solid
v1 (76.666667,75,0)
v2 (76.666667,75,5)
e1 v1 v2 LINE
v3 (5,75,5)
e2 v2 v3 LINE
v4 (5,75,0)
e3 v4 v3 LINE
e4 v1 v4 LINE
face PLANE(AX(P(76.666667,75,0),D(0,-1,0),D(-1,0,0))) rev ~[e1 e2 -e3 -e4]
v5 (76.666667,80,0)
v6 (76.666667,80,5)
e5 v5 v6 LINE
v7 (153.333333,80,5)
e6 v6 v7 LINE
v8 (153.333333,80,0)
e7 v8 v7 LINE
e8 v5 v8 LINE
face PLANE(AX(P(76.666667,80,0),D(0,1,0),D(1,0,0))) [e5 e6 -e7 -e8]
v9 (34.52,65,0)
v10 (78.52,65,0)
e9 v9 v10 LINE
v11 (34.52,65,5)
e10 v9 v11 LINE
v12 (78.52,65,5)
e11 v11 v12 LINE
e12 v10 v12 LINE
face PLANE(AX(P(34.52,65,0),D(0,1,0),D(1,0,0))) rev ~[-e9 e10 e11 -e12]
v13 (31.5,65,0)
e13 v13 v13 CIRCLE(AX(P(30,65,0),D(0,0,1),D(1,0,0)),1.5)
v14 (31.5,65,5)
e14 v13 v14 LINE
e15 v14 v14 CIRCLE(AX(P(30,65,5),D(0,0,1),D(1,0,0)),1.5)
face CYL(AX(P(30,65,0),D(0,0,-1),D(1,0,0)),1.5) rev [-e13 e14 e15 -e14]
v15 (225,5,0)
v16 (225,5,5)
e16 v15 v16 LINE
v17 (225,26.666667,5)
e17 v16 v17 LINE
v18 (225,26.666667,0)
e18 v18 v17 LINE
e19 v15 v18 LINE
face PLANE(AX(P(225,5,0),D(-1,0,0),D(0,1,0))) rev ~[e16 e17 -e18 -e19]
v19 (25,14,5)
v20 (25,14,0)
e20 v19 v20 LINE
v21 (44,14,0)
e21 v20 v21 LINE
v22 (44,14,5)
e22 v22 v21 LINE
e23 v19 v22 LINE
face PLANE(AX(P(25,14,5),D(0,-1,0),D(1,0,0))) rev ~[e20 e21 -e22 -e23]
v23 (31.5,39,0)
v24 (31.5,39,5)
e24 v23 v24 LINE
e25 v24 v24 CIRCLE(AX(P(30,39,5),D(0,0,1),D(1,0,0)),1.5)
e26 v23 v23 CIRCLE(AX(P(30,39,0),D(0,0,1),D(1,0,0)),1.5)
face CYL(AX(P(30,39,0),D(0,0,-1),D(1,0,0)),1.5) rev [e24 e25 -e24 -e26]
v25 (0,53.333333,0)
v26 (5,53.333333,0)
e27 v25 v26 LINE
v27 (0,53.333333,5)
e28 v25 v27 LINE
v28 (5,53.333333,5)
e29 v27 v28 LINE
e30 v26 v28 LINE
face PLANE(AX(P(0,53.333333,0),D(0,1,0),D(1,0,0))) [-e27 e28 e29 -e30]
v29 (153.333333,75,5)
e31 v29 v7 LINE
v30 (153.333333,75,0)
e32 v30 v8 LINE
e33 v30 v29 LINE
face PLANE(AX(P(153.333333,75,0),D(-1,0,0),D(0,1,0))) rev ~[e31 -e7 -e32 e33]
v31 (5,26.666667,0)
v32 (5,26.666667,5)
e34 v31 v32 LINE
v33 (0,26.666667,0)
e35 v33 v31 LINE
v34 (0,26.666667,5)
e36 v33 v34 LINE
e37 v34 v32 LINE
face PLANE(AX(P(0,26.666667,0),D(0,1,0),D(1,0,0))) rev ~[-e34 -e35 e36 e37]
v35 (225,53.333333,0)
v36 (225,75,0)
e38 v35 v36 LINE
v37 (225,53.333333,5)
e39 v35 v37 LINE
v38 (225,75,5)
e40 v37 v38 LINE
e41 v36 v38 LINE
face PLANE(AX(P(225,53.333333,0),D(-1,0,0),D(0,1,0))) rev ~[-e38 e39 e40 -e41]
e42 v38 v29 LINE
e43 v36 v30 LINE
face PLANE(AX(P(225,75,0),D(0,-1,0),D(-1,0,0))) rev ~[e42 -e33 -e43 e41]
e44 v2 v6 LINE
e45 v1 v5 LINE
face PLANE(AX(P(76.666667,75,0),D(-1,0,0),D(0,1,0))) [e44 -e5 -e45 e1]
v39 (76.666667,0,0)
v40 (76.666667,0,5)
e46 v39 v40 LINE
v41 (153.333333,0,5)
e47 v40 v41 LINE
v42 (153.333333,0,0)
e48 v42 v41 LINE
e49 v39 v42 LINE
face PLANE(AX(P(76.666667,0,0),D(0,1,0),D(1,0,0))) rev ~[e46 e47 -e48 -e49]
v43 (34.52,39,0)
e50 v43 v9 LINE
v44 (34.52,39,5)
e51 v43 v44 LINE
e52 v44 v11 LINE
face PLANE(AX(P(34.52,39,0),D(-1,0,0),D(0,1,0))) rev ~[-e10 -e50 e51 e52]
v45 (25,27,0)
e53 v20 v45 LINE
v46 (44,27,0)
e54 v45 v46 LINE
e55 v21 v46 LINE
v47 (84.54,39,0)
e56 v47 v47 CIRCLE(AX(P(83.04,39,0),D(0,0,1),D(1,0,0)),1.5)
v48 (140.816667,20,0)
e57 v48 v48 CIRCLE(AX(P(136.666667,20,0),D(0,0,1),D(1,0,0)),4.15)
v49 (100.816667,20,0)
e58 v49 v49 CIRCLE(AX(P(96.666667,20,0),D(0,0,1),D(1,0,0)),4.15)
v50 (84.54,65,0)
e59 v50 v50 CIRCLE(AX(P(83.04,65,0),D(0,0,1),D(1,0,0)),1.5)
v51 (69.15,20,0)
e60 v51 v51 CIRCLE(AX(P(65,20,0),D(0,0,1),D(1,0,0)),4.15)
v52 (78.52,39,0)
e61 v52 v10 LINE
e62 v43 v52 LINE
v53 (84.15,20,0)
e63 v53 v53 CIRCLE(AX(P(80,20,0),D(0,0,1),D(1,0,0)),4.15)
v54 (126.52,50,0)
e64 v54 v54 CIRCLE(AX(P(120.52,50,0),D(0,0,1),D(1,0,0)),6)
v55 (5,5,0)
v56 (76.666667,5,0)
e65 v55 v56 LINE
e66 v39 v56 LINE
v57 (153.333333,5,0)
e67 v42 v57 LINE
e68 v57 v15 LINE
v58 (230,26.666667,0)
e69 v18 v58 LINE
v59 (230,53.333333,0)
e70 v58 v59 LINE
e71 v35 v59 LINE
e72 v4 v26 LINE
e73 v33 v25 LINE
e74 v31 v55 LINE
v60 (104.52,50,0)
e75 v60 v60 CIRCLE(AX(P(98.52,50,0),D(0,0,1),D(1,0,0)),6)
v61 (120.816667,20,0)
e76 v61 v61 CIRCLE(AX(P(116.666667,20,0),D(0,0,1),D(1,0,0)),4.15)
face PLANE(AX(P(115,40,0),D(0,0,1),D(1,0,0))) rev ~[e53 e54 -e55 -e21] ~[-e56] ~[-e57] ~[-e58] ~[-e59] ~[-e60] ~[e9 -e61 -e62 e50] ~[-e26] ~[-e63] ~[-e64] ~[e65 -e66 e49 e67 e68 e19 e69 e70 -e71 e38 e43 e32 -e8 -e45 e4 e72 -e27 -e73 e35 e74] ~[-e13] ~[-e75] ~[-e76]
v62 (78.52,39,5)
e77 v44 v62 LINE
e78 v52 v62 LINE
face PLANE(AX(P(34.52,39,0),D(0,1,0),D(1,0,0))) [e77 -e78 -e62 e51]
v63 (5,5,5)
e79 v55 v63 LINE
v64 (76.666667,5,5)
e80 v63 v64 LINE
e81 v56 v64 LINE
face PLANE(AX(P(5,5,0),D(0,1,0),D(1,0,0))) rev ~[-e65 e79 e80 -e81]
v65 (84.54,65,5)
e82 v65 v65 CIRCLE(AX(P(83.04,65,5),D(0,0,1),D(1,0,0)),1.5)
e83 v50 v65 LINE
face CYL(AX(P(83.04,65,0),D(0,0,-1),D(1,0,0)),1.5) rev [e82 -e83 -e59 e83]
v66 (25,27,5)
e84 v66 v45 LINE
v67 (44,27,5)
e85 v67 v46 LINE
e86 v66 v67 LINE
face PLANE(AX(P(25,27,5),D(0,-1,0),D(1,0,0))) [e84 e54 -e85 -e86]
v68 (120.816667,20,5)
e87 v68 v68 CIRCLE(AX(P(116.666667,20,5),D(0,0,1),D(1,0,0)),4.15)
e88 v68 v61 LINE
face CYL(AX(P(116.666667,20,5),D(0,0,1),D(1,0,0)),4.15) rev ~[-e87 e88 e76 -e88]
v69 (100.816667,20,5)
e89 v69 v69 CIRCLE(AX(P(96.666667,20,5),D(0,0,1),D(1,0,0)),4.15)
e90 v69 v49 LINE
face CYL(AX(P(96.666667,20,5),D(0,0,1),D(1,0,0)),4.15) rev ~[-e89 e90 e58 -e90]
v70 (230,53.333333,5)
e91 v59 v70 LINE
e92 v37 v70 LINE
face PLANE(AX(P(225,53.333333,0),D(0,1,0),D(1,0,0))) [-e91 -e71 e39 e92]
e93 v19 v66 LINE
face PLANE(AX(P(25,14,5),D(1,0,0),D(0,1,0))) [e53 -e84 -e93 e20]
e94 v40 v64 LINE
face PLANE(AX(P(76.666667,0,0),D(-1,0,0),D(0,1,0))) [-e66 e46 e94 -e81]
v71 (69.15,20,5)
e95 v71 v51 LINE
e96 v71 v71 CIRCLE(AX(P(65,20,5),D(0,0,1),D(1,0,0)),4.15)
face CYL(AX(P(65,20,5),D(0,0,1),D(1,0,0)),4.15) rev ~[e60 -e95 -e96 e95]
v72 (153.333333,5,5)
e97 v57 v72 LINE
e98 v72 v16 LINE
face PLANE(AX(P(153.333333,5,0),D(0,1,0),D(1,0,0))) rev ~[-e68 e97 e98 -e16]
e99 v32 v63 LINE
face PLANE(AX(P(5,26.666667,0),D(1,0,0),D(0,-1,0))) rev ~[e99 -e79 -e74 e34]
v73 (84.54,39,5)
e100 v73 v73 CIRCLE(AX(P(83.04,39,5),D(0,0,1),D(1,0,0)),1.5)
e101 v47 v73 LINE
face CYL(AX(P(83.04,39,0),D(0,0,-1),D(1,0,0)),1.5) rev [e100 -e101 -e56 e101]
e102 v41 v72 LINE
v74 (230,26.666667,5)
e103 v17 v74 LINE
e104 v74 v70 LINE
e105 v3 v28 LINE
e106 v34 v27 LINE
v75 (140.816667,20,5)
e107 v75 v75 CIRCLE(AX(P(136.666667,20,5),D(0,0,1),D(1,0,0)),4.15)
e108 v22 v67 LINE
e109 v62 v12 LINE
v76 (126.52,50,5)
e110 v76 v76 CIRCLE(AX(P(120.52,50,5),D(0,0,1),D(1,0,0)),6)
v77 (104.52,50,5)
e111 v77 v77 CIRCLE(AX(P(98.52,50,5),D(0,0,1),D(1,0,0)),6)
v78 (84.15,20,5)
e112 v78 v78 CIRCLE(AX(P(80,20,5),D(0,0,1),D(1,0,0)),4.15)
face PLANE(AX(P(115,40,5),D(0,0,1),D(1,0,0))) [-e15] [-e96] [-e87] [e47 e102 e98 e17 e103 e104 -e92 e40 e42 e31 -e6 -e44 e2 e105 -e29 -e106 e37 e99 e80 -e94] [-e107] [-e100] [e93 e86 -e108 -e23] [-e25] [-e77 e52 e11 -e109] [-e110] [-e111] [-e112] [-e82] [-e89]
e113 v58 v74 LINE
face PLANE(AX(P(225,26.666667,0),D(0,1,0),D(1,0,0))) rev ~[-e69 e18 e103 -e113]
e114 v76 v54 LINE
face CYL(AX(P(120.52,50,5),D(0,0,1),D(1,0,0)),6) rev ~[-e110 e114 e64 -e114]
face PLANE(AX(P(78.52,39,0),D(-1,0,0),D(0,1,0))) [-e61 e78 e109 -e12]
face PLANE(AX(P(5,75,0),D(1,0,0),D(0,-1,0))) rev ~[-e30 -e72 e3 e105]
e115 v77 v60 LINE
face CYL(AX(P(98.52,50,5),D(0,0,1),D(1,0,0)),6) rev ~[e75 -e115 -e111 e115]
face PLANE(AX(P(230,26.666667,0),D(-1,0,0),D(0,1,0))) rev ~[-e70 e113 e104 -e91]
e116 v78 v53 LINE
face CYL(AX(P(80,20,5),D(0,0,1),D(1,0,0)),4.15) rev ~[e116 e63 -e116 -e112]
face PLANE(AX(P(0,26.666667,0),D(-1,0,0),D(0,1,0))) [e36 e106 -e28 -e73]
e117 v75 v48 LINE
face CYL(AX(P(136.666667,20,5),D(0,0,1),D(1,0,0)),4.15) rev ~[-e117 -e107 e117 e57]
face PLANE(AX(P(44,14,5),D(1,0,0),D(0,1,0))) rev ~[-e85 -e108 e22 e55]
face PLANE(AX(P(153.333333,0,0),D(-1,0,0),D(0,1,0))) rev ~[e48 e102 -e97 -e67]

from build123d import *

# Parameters (mm, degrees)
CROQUIS1_R              = 1.5
CROQUIS1_W              = 44
CROQUIS1_H              = 26
CROQUIS1_W_2            = 5
CROQUIS1_H_2            = 26.666666666
CROQUIS1_W_3            = 76.666666666
CROQUIS1_H_3            = 5
SALIENTE_EXTRUIR1_DEPTH = 5
CROQUIS2_R              = 4.15
CORTAR_EXTRUIR1_DEPTH   = 10
CROQUIS3_W              = 19
CROQUIS3_H              = 13
CORTAR_EXTRUIR2_DEPTH   = 10
CROQUIS4_R              = 4.15
CORTAR_EXTRUIR3_DEPTH   = 10
CROQUIS5_R              = 6
CORTAR_EXTRUIR4_DEPTH   = 10


with BuildPart() as part:
    # Croquis1 → Saliente-Extruir1 (new body)
    with BuildSketch(Plane.XY):
        Polygon((5, 26.666666667), (5, 5), (76.666666667, 5), (153.333333333, 5), (225, 5), (225, 26.666666667), (225, 53.333333333), (225, 75), (153.333333333, 75), (76.666666667, 75), (5, 75), (5, 53.333333333), align=None)
        with Locations((30, 39)):
            Circle(CROQUIS1_R, mode=Mode.SUBTRACT)
        with Locations((83.04, 39)):
            Circle(CROQUIS1_R, mode=Mode.SUBTRACT)
        with Locations((56.52, 52)):
            Rectangle(CROQUIS1_W, CROQUIS1_H, mode=Mode.SUBTRACT)
        with Locations((30, 65)):
            Circle(CROQUIS1_R, mode=Mode.SUBTRACT)
        with Locations((83.04, 65)):
            Circle(CROQUIS1_R, mode=Mode.SUBTRACT)
        with Locations((227.5, 40)):
            Rectangle(CROQUIS1_W_2, CROQUIS1_H_2)
        with Locations((115, 2.5)):
            Rectangle(CROQUIS1_W_3, CROQUIS1_H_3)
        with Locations((2.5, 40)):
            Rectangle(CROQUIS1_W_2, CROQUIS1_H_2)
        with Locations((115, 77.5)):
            Rectangle(CROQUIS1_W_3, CROQUIS1_H_3)
    extrude(amount=SALIENTE_EXTRUIR1_DEPTH)

    # Croquis2 → Cortar-Extruir1 (cut)
    with BuildSketch(Plane.XY.offset(5)):
        with Locations((96.666666667, 20)):
            Circle(CROQUIS2_R)
        with Locations((116.666666667, 20)):
            Circle(CROQUIS2_R)
        with Locations((136.666666667, 20)):
            Circle(CROQUIS2_R)
    extrude(amount=-CORTAR_EXTRUIR1_DEPTH, mode=Mode.SUBTRACT)

    # Croquis3 → Cortar-Extruir2 (cut)
    with BuildSketch(Plane.XY.offset(5)):
        with Locations((34.5, 20.5)):
            Rectangle(CROQUIS3_W, CROQUIS3_H)
    extrude(amount=-CORTAR_EXTRUIR2_DEPTH, mode=Mode.SUBTRACT)

    # Croquis4 → Cortar-Extruir3 (cut)
    with BuildSketch(Plane.XY.offset(5)):
        with Locations((65, 20)):
            Circle(CROQUIS4_R)
        with Locations((80, 20)):
            Circle(CROQUIS4_R)
    extrude(amount=-CORTAR_EXTRUIR3_DEPTH, mode=Mode.SUBTRACT)

    # Croquis5 → Cortar-Extruir4 (cut)
    with BuildSketch(Plane.XY.offset(5)):
        with Locations((98.52, 50)):
            Circle(CROQUIS5_R)
        with Locations((120.52, 50)):
            Circle(CROQUIS5_R)
    extrude(amount=-CORTAR_EXTRUIR4_DEPTH, mode=Mode.SUBTRACT)


solid = part.part
